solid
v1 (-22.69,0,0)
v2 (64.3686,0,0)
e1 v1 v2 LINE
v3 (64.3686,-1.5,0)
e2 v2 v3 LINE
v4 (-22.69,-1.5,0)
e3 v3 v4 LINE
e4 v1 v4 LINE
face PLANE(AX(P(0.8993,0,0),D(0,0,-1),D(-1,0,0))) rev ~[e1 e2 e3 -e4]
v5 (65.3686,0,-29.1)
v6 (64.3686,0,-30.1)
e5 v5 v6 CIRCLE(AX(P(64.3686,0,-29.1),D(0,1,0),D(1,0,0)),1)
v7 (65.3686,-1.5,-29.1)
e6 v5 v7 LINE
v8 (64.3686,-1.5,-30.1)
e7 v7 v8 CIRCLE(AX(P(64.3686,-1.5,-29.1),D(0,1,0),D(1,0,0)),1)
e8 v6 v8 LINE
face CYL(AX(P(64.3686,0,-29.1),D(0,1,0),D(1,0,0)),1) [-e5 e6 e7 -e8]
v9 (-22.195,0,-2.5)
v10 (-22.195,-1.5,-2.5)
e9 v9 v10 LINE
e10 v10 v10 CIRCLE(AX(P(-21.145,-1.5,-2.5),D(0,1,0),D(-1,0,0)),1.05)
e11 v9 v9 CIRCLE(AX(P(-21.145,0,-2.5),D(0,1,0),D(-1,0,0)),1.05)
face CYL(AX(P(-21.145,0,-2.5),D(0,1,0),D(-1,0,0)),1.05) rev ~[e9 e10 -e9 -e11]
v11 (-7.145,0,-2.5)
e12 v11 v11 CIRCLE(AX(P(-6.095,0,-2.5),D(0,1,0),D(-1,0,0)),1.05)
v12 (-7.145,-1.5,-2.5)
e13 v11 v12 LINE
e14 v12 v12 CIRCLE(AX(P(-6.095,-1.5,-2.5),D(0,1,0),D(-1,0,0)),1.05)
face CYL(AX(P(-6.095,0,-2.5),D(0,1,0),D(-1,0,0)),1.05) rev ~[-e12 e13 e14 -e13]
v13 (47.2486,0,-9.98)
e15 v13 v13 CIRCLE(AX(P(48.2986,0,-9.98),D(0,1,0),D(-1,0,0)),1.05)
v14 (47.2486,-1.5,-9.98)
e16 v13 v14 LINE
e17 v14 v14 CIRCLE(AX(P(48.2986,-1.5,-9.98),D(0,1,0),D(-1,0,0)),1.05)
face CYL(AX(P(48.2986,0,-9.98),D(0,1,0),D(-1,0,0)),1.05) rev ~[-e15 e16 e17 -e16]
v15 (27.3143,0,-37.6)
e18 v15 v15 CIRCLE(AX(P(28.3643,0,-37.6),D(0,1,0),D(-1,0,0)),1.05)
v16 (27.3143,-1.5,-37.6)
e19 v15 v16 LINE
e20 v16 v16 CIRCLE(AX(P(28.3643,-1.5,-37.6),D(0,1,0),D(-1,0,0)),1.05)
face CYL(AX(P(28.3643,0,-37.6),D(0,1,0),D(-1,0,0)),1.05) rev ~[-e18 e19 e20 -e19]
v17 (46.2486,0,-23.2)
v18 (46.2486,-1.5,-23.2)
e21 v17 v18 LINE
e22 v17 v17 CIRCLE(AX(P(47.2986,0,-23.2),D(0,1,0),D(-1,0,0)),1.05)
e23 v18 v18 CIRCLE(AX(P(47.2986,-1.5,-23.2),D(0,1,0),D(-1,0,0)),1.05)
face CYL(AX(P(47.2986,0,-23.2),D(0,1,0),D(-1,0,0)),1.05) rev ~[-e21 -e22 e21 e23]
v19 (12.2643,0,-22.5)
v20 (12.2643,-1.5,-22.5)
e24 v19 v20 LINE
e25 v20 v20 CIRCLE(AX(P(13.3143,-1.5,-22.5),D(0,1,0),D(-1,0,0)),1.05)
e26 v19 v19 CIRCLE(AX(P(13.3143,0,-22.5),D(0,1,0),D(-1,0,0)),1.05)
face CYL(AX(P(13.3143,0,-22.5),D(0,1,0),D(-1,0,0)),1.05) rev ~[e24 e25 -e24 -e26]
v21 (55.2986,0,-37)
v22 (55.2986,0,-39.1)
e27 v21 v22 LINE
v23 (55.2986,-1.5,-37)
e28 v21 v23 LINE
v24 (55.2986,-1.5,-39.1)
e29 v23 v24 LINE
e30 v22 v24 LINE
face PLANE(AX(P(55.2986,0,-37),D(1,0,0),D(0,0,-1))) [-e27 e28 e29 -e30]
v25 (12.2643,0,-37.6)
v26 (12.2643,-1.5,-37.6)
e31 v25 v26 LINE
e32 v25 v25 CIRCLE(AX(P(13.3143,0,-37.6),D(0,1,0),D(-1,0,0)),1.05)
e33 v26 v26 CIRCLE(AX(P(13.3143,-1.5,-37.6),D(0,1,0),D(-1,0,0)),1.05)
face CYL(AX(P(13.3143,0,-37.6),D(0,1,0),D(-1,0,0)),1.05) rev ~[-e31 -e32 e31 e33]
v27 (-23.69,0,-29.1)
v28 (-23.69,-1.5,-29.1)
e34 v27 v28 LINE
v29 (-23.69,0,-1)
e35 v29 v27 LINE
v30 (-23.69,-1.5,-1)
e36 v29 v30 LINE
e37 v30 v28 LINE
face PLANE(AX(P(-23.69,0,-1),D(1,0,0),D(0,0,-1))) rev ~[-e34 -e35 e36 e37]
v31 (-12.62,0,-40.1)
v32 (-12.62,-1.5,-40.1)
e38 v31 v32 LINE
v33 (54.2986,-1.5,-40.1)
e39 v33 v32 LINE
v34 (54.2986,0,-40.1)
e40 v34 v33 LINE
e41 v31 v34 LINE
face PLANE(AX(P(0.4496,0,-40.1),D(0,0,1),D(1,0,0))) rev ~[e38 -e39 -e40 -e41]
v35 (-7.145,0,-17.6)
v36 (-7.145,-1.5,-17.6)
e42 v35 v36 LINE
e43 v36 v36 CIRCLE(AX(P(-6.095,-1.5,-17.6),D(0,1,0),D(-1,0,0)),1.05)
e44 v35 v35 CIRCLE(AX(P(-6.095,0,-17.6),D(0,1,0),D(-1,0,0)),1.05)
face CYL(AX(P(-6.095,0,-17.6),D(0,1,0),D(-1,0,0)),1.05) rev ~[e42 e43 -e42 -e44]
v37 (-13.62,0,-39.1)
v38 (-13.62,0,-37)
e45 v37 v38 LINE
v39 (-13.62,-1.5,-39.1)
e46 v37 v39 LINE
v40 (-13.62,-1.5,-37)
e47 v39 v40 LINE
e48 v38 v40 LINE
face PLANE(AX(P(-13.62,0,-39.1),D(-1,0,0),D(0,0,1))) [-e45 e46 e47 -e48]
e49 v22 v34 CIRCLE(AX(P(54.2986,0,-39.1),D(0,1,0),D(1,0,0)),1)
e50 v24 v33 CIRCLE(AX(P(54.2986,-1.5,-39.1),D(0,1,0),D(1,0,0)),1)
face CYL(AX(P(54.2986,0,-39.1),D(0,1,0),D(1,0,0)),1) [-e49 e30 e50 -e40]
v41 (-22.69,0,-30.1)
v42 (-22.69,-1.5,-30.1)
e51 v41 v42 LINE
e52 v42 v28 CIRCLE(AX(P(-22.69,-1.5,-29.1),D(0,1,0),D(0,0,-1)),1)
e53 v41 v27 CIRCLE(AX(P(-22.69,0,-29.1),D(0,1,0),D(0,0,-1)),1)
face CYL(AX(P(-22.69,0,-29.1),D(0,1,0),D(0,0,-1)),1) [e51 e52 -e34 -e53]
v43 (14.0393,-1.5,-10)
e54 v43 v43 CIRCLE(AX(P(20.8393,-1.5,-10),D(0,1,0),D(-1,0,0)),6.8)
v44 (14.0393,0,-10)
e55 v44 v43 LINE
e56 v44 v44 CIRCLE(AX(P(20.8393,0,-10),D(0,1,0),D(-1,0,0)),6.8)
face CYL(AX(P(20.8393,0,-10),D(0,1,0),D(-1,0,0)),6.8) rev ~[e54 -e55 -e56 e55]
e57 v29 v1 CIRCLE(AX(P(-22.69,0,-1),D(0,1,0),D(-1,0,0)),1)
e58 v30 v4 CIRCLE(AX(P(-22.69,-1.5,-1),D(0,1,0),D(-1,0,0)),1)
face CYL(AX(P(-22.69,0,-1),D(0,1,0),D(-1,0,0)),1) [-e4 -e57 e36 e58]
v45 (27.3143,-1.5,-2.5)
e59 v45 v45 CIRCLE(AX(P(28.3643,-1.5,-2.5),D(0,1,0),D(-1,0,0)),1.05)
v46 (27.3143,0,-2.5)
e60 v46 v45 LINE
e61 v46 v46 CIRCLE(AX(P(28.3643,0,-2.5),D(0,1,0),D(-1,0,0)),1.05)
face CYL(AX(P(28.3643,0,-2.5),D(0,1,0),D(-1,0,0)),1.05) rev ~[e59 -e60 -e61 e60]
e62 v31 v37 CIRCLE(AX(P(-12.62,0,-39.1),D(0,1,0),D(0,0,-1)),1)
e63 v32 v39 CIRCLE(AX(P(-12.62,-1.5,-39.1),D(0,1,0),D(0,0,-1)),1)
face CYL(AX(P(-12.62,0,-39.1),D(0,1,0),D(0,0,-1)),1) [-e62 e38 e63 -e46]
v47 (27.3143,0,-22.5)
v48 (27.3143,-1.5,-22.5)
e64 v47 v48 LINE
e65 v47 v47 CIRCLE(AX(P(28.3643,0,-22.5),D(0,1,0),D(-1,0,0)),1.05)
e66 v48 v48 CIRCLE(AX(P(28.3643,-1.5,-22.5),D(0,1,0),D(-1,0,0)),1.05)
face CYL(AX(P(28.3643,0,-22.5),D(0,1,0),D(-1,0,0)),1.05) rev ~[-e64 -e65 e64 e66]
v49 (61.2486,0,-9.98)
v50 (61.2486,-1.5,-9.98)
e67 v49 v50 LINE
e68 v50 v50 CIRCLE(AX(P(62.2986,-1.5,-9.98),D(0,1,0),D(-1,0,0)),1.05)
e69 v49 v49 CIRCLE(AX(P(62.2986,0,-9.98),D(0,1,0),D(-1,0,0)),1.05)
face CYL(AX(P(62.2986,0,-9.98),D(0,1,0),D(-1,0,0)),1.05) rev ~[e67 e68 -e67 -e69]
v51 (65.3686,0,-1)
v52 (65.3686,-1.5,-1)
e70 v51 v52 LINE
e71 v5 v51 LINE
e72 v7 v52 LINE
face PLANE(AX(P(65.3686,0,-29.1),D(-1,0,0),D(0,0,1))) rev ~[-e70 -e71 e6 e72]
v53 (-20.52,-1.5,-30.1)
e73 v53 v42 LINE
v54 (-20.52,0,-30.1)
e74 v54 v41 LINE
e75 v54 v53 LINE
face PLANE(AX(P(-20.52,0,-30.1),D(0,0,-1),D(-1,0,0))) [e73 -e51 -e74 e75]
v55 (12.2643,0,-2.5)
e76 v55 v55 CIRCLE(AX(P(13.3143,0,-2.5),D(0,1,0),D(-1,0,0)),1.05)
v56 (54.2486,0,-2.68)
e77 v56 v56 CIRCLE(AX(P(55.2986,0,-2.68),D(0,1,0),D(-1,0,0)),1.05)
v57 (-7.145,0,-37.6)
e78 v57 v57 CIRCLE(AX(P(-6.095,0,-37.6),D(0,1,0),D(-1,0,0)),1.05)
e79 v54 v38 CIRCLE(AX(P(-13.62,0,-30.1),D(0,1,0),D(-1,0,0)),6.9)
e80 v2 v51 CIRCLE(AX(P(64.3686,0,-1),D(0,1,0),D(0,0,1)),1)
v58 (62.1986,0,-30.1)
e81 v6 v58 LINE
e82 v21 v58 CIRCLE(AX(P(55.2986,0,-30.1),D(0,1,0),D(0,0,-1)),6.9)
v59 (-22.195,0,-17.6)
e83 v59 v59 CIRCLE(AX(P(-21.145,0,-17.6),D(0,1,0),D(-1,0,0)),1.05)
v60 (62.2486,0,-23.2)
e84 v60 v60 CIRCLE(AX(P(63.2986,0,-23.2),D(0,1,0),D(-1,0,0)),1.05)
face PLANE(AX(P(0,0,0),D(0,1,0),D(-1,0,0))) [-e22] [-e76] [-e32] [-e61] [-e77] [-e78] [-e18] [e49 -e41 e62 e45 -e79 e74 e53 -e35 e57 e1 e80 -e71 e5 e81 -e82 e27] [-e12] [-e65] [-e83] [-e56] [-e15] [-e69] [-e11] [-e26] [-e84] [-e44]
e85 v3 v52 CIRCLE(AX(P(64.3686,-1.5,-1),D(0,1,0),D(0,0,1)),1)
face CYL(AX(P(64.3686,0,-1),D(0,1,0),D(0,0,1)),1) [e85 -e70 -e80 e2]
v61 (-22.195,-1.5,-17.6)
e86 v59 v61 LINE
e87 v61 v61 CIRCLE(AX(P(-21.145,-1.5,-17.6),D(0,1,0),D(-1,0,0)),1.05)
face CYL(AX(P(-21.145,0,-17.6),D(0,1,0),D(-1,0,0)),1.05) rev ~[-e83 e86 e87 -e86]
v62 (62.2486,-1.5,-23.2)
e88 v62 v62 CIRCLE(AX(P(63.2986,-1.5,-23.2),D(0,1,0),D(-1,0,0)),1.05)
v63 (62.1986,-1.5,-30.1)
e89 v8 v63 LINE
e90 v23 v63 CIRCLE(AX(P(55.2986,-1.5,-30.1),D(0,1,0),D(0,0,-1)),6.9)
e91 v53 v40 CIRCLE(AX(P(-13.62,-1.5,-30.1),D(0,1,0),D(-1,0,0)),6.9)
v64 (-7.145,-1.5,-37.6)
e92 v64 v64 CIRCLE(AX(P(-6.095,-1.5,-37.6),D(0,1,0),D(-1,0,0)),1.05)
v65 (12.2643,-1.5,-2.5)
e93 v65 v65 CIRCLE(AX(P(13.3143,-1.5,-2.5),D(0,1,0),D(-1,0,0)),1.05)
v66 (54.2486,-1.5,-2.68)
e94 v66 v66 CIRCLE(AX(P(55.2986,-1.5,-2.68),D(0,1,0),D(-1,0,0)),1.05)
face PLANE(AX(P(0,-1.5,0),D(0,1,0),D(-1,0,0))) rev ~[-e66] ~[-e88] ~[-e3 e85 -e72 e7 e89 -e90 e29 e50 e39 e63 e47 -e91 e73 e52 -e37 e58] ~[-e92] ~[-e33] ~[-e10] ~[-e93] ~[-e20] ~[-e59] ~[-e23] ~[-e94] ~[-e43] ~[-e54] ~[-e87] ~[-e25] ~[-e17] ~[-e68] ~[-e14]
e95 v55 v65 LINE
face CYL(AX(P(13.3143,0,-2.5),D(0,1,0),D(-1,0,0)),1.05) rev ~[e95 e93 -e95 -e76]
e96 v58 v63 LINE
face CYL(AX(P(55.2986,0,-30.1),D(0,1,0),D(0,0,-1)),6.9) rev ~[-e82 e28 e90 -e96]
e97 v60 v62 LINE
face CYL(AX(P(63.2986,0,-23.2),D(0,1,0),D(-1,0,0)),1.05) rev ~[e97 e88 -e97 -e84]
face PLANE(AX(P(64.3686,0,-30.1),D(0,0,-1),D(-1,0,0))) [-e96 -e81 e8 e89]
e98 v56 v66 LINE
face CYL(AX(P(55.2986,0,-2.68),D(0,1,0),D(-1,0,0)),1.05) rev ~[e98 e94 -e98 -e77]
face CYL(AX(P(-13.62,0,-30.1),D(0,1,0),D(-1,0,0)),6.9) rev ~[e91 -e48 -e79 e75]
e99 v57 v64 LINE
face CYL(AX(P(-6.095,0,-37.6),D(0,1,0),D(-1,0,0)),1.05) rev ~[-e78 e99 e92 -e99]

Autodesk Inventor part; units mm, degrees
ref_plane "YZ Plane" through (0, 0, 0) normal (1, 0, 0) x (0, 1, 0)
ref_plane "XZ Plane" through (0, 0, 0) normal (0, 1, 0) x (-1, 0, 0)
ref_plane "XY Plane" through (0, 0, 0) normal (0, 0, 1) x (1, 0, 0)
sketch "Sketch1" plane through (0, 0, 0) normal (0, 1, 0) x (-1, 0, 0)
  line L0 (-0.4496, -40.1) -> (-0.4496, 0)
  line L1 (-41.2289, 0) -> (-41.2289, -40.1)
  circle A0 centre (6.095, -37.6) radius 1.05
  circle A1 centre (21.145, -17.6) radius 1.05
  circle A2 centre (6.095, -17.6) radius 1.05
  circle A3 centre (21.145, -2.5) radius 1.05
  circle A4 centre (6.095, -2.5) radius 1.05
  circle A5 centre (-28.3643, -37.6) radius 1.05
  circle A6 centre (-13.3143, -37.6) radius 1.05
  circle A7 centre (-28.3643, -22.5) radius 1.05
  circle A8 centre (-13.3143, -22.5) radius 1.05
  circle A9 centre (-28.3643, -2.5) radius 1.05
  circle A10 centre (-13.3143, -2.5) radius 1.05
  circle A11 centre (-20.8393, -10) radius 6.8
  circle A12 centre (-47.2986, -23.2) radius 1.05
  circle A13 centre (-63.2986, -23.2) radius 1.05
  circle A14 centre (-48.2986, -9.98) radius 1.05
  circle A15 centre (-62.2986, -9.98) radius 1.05
  circle A16 centre (-55.2986, -2.68) radius 1.05
  arc A17 (23.69, -1) -> (22.69, 0) centre (22.69, -1) ccw
  arc A18 (-64.3686, 0) -> (-65.3686, -1) centre (-64.3686, -1) ccw
  line L2 (-65.3686, -29.1) -> (-65.3686, -1)
  arc A19 (-65.3686, -29.1) -> (-64.3686, -30.1) centre (-64.3686, -29.1) ccw
  line L3 (-64.3686, -30.1) -> (-62.1986, -30.1)
  arc A20 (-55.2986, -39.1) -> (-54.2986, -40.1) centre (-54.2986, -39.1) ccw
  line L4 (-55.2986, -37) -> (-55.2986, -39.1)
  arc A21 (22.69, -30.1) -> (23.69, -29.1) centre (22.69, -29.1) ccw
  line L5 (20.52, -30.1) -> (22.69, -30.1)
  arc A22 (12.62, -40.1) -> (13.62, -39.1) centre (12.62, -39.1) ccw
  line L6 (13.62, -39.1) -> (13.62, -37)
  arc A23 (20.52, -30.1) -> (13.62, -37) centre (13.62, -30.1) ccw
  arc A24 (-55.2986, -37) -> (-62.1986, -30.1) centre (-55.2986, -30.1) ccw
  line L7 (23.69, -1) -> (23.69, -29.1)
  line L8 (-64.3686, 0) -> (22.69, 0)
  line L9 (12.62, -40.1) -> (-54.2986, -40.1)
  line L10 (-41.6786, -40.1) -> (-41.6786, 0)
  line L11 (-40.7793, 0) -> (-40.7793, -40.1)
  line L12 (-0.8993, -40.1) -> (-0.8993, 0)
  line L13 (0, 0) -> (0, -40.1)
  point P0 (0, 0)
extrude "Extrusion1" add sketch "Sketch1" against normal blind 1.5
properties part number "axis_3_top_frame" material "Aluminum 6061-AHC"
